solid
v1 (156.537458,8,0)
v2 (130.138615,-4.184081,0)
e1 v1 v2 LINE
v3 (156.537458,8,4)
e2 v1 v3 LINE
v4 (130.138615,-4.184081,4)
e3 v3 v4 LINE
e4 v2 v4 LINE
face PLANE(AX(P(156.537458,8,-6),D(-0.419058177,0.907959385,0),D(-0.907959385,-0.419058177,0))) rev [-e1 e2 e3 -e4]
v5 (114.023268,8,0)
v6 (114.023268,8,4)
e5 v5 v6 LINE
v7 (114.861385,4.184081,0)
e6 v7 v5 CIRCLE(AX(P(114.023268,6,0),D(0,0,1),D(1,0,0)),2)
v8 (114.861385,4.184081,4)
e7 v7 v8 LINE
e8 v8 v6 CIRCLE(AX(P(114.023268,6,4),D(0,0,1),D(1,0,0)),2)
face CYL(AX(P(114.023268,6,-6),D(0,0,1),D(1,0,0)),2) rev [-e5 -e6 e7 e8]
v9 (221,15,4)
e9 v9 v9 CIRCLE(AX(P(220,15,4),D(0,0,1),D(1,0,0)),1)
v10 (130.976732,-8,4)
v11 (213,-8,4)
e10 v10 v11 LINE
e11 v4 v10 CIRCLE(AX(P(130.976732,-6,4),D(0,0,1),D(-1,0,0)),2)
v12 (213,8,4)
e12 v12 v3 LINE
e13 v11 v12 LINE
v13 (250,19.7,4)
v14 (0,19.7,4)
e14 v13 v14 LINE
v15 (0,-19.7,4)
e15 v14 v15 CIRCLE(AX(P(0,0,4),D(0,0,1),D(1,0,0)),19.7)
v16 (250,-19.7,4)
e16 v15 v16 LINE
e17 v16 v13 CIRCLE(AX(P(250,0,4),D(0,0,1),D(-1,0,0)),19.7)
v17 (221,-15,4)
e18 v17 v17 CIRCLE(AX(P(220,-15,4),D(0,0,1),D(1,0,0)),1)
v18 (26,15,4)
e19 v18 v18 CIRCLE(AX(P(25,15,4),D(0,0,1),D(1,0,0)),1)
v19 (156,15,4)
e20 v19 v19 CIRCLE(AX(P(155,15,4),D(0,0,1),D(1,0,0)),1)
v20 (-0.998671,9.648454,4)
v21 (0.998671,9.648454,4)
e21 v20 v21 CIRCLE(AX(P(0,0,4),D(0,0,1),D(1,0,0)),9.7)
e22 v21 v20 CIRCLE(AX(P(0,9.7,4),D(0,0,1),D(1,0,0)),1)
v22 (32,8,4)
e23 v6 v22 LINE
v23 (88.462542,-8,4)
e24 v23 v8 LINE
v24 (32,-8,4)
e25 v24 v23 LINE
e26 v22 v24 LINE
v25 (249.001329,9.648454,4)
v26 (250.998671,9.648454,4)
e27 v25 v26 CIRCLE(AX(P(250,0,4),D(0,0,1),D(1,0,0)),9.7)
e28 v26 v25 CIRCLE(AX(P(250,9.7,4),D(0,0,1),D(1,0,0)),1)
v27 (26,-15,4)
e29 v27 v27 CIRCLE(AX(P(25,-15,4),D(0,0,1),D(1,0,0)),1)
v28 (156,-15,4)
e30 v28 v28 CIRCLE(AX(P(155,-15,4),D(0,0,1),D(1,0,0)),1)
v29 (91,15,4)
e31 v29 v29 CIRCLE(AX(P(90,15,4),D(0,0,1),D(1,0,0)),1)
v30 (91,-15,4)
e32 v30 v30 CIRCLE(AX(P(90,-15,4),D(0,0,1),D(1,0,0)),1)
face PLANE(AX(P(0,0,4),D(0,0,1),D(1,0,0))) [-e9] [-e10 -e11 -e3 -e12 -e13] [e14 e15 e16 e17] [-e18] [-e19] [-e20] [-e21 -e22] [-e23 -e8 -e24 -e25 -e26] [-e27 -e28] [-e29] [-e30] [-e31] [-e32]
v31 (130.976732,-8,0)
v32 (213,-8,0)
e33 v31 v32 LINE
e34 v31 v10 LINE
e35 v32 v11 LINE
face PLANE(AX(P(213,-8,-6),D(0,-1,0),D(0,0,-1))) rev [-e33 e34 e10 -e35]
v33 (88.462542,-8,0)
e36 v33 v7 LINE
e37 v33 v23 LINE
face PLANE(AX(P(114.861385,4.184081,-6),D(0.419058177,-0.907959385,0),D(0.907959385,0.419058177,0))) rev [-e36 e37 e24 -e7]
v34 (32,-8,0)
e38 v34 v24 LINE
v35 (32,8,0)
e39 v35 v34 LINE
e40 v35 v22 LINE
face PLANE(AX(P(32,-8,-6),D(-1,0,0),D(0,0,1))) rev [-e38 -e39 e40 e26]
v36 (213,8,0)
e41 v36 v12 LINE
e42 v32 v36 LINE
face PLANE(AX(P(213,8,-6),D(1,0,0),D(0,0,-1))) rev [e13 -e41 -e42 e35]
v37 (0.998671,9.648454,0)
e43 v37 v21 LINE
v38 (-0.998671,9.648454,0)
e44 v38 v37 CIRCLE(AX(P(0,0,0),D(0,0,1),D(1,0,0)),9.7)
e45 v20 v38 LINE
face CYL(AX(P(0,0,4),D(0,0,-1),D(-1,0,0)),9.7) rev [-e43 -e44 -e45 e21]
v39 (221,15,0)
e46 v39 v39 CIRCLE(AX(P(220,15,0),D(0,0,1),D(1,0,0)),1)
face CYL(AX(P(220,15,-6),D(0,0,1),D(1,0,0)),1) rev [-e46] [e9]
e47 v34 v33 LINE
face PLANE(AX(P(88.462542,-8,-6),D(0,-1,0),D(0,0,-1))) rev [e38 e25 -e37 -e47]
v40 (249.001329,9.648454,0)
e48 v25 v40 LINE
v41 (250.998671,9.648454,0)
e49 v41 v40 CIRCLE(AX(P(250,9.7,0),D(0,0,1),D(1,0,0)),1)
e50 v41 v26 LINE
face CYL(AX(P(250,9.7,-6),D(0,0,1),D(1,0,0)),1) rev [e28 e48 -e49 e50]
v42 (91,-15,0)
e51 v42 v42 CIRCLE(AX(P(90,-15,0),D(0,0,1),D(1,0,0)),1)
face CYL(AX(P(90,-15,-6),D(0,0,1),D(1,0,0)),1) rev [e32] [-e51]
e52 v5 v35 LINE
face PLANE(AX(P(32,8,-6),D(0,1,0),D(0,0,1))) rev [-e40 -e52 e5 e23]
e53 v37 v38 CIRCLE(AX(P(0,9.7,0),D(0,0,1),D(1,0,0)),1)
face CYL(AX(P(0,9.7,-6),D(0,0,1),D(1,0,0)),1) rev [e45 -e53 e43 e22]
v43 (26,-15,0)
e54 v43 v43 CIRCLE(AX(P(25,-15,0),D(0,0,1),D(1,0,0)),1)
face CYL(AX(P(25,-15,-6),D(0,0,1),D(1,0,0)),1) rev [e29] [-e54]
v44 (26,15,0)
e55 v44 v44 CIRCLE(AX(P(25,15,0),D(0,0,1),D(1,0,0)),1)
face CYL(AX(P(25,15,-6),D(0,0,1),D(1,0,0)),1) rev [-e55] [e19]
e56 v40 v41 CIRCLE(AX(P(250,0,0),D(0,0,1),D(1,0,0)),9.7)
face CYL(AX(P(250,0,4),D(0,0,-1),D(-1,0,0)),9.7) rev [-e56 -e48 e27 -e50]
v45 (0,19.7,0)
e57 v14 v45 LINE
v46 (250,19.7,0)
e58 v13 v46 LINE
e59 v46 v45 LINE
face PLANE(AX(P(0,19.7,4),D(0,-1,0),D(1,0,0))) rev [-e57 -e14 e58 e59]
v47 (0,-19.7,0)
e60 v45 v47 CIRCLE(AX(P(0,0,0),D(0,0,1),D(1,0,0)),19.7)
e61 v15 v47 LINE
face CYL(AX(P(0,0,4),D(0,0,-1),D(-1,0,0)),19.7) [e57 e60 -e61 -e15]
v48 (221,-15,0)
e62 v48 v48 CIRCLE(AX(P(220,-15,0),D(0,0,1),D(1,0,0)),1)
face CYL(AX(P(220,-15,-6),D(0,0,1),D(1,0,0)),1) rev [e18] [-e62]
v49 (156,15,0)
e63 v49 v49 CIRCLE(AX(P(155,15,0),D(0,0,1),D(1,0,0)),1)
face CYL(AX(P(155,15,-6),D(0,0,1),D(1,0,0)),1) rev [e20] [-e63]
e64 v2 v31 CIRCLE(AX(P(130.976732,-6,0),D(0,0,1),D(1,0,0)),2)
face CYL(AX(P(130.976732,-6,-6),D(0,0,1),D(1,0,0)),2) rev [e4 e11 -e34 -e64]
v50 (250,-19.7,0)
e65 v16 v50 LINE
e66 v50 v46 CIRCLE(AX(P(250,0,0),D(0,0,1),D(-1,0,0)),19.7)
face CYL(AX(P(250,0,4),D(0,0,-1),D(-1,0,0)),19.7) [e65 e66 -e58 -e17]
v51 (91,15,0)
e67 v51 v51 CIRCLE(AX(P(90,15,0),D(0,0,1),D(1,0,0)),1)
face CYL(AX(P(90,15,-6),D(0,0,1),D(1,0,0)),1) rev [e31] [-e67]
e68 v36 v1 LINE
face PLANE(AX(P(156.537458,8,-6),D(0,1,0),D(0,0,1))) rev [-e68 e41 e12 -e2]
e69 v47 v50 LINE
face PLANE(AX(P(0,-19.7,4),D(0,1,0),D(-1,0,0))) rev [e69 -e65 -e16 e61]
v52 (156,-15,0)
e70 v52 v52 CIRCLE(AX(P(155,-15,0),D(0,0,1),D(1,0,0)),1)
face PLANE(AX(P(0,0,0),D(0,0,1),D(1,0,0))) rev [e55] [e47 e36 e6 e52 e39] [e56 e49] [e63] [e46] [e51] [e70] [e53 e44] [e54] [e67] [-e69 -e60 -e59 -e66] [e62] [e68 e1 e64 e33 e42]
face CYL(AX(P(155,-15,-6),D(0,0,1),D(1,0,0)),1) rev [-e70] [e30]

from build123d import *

# Parameters (mm, degrees)
SKETCH_1_R          = 9.7
EXTRUDE_1_DEPTH     = 4
SKETCH_2_R          = 1
CUT_EXTRUDE_1_DEPTH = 10
CUT_EXTRUDE_2_DEPTH = 10
SKETCH_4_R          = 1
CUT_EXTRUDE_3_DEPTH = 10


with BuildPart() as part:
    # 草图1 → 凸台-拉伸1 (new body)
    with BuildSketch(Plane.XY):
        with BuildLine():
            Line((0, 19.7), (250, 19.7))
            ThreePointArc((250, 19.7), (269.7, 0), (250, -19.7))
            Line((250, -19.7), (0, -19.7))
            ThreePointArc((0, -19.7), (-19.7, 0), (0, 19.7))
        make_face()
        Circle(SKETCH_1_R, mode=Mode.SUBTRACT)
        with Locations((250, 0)):
            Circle(SKETCH_1_R, mode=Mode.SUBTRACT)
    extrude(amount=EXTRUDE_1_DEPTH)

    # 草图2 → 切除-拉伸1 (cut)
    with BuildSketch(Plane.XY.offset(4)):
        with Locations((25, 15)):
            Circle(SKETCH_2_R)
        with Locations((90, 15)):
            Circle(SKETCH_2_R)
        with Locations((155, 15)):
            Circle(SKETCH_2_R)
        with Locations((220, 15)):
            Circle(SKETCH_2_R)
        with Locations((90, -15)):
            Circle(SKETCH_2_R)
        with Locations((155, -15)):
            Circle(SKETCH_2_R)
        with Locations((220, -15)):
            Circle(SKETCH_2_R)
        with Locations((25, -15)):
            Circle(SKETCH_2_R)
    extrude(amount=-CUT_EXTRUDE_1_DEPTH, mode=Mode.SUBTRACT)

    # 草图3 → 切除-拉伸2 (cut)
    with BuildSketch(Plane.XY.offset(4)):
        with BuildLine():
            Line((32, 8), (114.023268405, 8))
            ThreePointArc((114.023268405, 8), (115.976706085, 6.429046887), (114.86138476, 4.184081231))
            Line((114.86138476, 4.184081231), (88.462542093, -8))
            Line((88.462542093, -8), (32, -8))
            Line((32, -8), (32, 8))
        make_face()
        with BuildLine():
            Line((156.537457907, 8), (130.13861524, -4.184081231))
            ThreePointArc((130.13861524, -4.184081231), (129.023293915, -6.429046887), (130.976731595, -8))
            Line((130.976731595, -8), (213, -8))
            Line((213, -8), (213, 8))
            Line((213, 8), (156.537457907, 8))
        make_face()
    extrude(amount=-CUT_EXTRUDE_2_DEPTH, mode=Mode.SUBTRACT)

    # 草图4 → 切除-拉伸3 (cut)
    with BuildSketch(Plane.XY.offset(4)):
        with Locations((0, 9.7)):
            Circle(SKETCH_4_R)
        with Locations((250, 9.7)):
            Circle(SKETCH_4_R)
    extrude(amount=-CUT_EXTRUDE_3_DEPTH, mode=Mode.SUBTRACT)


solid = part.part
